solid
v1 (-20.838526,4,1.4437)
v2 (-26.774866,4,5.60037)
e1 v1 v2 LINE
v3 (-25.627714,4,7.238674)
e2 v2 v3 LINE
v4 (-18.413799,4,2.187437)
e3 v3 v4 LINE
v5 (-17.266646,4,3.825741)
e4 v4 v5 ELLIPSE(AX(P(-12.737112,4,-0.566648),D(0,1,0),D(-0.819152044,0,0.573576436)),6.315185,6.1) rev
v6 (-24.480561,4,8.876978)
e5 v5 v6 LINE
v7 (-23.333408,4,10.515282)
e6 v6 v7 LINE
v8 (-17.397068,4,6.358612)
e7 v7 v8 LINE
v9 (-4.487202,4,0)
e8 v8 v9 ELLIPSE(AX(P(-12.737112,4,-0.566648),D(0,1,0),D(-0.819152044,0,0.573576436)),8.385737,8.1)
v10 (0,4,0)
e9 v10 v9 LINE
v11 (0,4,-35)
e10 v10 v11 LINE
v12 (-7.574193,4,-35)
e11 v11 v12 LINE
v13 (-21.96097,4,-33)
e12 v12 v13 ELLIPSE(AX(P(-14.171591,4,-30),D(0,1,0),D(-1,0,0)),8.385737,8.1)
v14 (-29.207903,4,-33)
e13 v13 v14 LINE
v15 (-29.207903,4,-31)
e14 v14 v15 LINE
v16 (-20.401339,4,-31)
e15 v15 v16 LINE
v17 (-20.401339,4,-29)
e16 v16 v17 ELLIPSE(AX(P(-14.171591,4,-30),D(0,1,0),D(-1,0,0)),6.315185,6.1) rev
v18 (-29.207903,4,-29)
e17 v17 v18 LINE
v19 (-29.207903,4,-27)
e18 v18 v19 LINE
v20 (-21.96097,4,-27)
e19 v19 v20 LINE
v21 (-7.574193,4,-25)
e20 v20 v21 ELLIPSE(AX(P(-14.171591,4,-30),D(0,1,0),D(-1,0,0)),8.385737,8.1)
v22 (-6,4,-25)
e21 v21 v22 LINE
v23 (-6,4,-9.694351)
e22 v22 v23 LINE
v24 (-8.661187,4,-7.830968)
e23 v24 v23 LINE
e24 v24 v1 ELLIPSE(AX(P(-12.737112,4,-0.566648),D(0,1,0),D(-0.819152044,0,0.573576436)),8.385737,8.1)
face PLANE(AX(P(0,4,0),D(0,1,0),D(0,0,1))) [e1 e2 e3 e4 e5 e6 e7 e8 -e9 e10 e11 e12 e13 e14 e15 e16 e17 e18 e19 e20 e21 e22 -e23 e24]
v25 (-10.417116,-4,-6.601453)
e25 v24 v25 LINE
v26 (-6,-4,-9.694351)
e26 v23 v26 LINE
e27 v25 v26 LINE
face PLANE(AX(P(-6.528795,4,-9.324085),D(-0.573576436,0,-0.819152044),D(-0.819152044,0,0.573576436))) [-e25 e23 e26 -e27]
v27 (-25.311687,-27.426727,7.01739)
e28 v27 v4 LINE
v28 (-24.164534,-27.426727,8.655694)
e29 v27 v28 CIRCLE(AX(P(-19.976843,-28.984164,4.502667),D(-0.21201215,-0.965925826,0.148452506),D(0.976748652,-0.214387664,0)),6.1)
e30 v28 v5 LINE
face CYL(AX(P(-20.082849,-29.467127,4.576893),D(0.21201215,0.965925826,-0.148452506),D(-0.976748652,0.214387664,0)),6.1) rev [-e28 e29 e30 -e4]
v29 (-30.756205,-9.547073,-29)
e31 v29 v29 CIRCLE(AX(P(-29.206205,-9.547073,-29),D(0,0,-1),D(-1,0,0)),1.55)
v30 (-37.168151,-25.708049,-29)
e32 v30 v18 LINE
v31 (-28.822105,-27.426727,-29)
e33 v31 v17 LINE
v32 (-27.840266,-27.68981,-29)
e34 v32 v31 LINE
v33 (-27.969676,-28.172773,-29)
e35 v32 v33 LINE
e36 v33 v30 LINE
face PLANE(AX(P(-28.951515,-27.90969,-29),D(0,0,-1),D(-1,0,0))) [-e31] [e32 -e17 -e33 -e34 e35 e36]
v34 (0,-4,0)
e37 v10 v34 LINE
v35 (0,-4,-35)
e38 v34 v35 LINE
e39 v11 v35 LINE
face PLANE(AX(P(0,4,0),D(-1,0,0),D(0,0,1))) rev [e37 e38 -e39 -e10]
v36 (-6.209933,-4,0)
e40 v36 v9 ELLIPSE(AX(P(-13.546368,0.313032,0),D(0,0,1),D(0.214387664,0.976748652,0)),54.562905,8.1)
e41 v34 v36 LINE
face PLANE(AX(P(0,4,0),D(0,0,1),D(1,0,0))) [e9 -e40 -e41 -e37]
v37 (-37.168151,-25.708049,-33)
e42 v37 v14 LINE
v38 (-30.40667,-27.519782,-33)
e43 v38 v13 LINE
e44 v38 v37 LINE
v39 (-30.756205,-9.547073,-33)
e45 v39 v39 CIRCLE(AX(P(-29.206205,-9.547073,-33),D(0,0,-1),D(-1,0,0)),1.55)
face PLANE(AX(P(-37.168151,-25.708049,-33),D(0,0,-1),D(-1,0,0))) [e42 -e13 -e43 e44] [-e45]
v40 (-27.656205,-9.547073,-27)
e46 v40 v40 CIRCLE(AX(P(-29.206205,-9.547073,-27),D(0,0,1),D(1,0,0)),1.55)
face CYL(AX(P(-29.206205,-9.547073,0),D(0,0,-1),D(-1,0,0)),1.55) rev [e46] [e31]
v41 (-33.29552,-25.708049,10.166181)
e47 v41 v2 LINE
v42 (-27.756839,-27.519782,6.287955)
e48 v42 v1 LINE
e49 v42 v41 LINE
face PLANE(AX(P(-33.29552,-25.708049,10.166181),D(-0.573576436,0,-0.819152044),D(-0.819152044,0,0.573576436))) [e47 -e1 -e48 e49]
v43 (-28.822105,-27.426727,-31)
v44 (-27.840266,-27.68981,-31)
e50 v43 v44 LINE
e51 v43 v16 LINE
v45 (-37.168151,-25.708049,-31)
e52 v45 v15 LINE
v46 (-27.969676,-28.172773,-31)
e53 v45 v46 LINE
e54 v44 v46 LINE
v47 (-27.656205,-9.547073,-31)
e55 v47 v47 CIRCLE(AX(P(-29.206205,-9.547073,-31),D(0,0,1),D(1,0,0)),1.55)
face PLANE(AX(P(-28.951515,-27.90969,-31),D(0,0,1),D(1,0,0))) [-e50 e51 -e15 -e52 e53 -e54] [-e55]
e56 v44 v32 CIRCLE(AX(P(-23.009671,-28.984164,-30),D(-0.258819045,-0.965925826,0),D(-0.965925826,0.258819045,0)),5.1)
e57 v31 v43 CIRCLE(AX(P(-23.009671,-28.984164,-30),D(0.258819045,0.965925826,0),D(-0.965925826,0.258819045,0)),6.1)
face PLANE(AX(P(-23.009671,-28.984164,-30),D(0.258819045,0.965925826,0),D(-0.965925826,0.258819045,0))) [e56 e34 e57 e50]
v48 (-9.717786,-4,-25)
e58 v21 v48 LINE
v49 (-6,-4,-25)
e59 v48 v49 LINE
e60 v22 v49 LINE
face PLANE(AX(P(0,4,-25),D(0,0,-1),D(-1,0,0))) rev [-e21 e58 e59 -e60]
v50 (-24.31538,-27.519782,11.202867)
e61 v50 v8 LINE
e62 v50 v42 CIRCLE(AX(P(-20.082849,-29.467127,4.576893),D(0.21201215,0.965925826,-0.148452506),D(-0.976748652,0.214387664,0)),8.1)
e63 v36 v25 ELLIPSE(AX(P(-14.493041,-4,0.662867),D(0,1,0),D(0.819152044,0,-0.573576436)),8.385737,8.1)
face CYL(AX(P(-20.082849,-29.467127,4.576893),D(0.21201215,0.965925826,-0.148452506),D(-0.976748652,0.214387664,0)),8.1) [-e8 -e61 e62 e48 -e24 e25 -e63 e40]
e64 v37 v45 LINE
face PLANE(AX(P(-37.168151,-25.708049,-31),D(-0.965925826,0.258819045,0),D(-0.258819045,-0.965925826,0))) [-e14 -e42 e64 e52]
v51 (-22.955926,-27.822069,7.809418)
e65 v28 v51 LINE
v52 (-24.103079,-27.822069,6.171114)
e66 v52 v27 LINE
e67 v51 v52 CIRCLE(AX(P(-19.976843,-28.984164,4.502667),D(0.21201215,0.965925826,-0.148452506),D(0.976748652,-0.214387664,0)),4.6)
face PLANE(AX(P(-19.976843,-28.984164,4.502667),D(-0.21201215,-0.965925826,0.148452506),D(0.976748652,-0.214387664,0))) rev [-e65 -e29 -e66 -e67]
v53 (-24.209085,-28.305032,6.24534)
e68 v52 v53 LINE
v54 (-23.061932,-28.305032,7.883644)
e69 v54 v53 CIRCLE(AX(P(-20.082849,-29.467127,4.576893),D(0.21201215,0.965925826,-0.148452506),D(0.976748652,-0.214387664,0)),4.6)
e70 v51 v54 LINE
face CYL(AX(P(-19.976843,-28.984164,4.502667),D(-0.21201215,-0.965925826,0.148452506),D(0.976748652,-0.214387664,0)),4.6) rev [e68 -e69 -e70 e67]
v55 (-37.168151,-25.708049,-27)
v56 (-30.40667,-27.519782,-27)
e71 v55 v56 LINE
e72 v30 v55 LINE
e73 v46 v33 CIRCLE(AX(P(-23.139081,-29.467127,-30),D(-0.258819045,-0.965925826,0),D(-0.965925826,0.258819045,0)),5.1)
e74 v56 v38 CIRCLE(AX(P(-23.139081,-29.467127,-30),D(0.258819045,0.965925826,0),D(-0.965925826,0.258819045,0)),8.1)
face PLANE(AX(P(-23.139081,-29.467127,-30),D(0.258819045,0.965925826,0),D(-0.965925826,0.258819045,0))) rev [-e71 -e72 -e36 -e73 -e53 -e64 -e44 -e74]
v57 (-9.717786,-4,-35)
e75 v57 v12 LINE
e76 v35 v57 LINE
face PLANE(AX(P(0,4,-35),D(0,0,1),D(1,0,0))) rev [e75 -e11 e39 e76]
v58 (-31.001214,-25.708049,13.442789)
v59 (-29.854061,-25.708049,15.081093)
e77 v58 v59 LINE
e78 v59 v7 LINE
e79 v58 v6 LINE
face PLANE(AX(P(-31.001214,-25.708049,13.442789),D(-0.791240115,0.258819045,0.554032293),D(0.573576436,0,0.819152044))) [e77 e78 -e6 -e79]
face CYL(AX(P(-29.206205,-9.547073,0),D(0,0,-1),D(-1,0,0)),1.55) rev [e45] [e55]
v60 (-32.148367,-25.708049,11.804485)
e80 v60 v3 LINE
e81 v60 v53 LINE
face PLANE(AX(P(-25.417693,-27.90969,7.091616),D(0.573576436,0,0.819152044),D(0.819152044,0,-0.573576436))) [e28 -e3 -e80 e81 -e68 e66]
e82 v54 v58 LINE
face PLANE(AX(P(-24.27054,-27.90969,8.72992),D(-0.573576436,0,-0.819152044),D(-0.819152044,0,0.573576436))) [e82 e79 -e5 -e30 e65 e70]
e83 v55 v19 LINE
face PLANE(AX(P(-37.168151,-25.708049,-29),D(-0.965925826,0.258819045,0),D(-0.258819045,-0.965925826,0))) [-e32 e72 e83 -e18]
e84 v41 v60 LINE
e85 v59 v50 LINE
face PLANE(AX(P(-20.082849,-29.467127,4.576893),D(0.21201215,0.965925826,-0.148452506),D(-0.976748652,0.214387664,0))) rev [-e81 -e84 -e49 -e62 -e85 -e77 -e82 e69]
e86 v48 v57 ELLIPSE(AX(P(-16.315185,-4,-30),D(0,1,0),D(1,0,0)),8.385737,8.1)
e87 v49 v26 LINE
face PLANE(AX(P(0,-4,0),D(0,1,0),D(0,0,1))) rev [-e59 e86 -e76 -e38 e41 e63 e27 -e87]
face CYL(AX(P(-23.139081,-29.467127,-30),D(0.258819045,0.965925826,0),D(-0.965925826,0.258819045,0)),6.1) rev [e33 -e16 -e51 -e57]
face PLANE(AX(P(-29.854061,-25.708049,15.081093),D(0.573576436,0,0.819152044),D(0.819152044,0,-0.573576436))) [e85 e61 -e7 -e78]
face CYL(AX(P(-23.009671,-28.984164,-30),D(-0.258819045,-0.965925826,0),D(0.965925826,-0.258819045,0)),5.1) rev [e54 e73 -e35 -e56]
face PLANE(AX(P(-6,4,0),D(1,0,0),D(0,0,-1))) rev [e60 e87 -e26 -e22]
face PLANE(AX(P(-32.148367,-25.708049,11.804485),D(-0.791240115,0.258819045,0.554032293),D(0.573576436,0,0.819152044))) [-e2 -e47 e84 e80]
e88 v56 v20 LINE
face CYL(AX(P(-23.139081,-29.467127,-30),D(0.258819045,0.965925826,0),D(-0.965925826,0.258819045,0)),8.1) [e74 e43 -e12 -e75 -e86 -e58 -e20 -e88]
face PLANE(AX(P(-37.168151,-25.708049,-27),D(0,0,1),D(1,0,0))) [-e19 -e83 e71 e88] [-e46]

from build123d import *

# Parameters (mm, degrees)
BOSS_EXTRUDE1_DEPTH             = 4
CUT_EXTRUDE2_DEPTH              = 10
BOSS_EXTRUDE2_REACH             = 59.846
BOSS_EXTRUDE2_DIRECTION_2_DEPTH = 28
CUT_EXTRUDE3_DEPTH              = 61.022744116
CUT_EXTRUDE3_DEPTH_BACK         = 61.022744116
SKETCH5_R                       = 1.55
BOSS_EXTRUDE3_DEPTH             = 0.5
CUT_EXTRUDE4_DEPTH              = 53.565024349
BOSS_EXTRUDE4_REACH             = 61.205
BOSS_EXTRUDE4_DIRECTION_2_DEPTH = 28
BOSS_EXTRUDE5_DEPTH             = 0.5


with BuildPart() as part:
    # Sketch1 → Boss-Extrude1 (new, symmetric)
    with BuildSketch(Plane(origin=(0, 0, 0), x_dir=(0, 0, -1), z_dir=(0, 1, 0))):
        Polygon((0, 7.247768223), (0, 0), (35, 0), (35, 10), (25, 10), (25, 6), (9.694351386, 6), (5.918748122, 11.392120275), align=None)
    extrude(amount=BOSS_EXTRUDE1_DEPTH, both=True)

    # Sketch4 → Cut-Extrude2 (cut)
    with BuildSketch(Plane(origin=(0, 0, -35), x_dir=(-1, 0, 0), z_dir=(0, 0, -1))):
        Polygon((10, 4), (7.856406461, 4), (10, -4), align=None)
    extrude(amount=-CUT_EXTRUDE2_DEPTH, mode=Mode.SUBTRACT)

    # Boss-Extrude2: up to this plane
    boss_extrude2_end = Plane(origin=(0, 4, 0), z_dir=(0, 1, 0))
    # Sketch2 → Boss-Extrude2 (add, up to the surface)
    with BuildSketch(Plane(origin=(2.479828187, -7.343959884, 20), x_dir=(-0.96592582628907, 0.25881904510251447, 0), z_dir=(0.25881904510251447, 0.96592582628907, 0)), mode=Mode.PRIVATE) as boss_extrude2_sk1:
        with BuildLine():
            Line((25.037543411, -49), (33.54403058, -49))
            Line((33.54403058, -49), (33.54403058, -47))
            Line((33.54403058, -47), (26.54403058, -47))
            ThreePointArc((26.54403058, -47), (10.920068858, -50), (26.54403058, -53))
            Line((26.54403058, -53), (33.54403058, -53))
            Line((33.54403058, -53), (33.54403058, -51))
            Line((33.54403058, -51), (25.037543411, -51))
            ThreePointArc((25.037543411, -51), (12.920068858, -50), (25.037543411, -49))
        make_face()
    boss_extrude2_tool1 = split(extrude(boss_extrude2_sk1.sketch, amount=BOSS_EXTRUDE2_REACH, mode=Mode.PRIVATE), bisect_by=boss_extrude2_end, keep=Keep.BOTH, mode=Mode.PRIVATE)
    add(boss_extrude2_tool1.solids().sort_by_distance((-25.812899, 0.237054, -28.72174))[0])

    # Sketch2 → Boss-Extrude2 direction 2 (add)
    with BuildSketch(Plane(origin=(2.479828187, -7.343959884, 20), x_dir=(-0.96592582628907, 0.25881904510251447, 0), z_dir=(0.25881904510251447, 0.96592582628907, 0))):
        with BuildLine():
            Line((25.037543411, -49), (33.54403058, -49))
            Line((33.54403058, -49), (33.54403058, -47))
            Line((33.54403058, -47), (26.54403058, -47))
            ThreePointArc((26.54403058, -47), (10.920068858, -50), (26.54403058, -53))
            Line((26.54403058, -53), (33.54403058, -53))
            Line((33.54403058, -53), (33.54403058, -51))
            Line((33.54403058, -51), (25.037543411, -51))
            ThreePointArc((25.037543411, -51), (12.920068858, -50), (25.037543411, -49))
        make_face()
    extrude(amount=-BOSS_EXTRUDE2_DIRECTION_2_DEPTH)

    # Sketch5 → Cut-Extrude3 (cut, two sides: drawn at the far end of the back side and taken through both)
    with BuildSketch(Plane(origin=(0, 0, -35), x_dir=(-1, 0, 0), z_dir=(0, 0, -1)).offset(-CUT_EXTRUDE3_DEPTH_BACK)):
        with Locations((29.206205162, -9.547072736)):
            Circle(SKETCH5_R)
    extrude(amount=CUT_EXTRUDE3_DEPTH + CUT_EXTRUDE3_DEPTH_BACK, mode=Mode.SUBTRACT)

    # Sketch7 → Boss-Extrude3 (add)
    with BuildSketch(Plane(origin=(-8.916806244, -33.277973944, 0), x_dir=(-0.96592582628907, 0.2588190451025145, 0), z_dir=(0.2588190451025145, 0.96592582628907, 0))):
        with BuildLine():
            Line((20.944110699, -29), (19.724981983, -29))
            ThreePointArc((19.724981983, -29), (9.623982082, -30), (19.724981983, -31))
            Line((19.724981983, -31), (20.944110699, -31))
            ThreePointArc((20.944110699, -31), (8.423982082, -30), (20.944110699, -29))
        make_face()
    extrude(amount=BOSS_EXTRUDE3_DEPTH)

    # Sketch8 → Cut-Extrude4 (cut, through all)
    with BuildSketch(Plane(origin=(-6.5287948, 0, -9.32408528), x_dir=(-0.819152044288991, 0, 0.5735764363510473), z_dir=(-0.5735764363510473, 0, -0.819152044288991))):
        Polygon((5.937024156, 4), (5.937024156, -4), (3.793430617, 4), align=None)
    extrude(amount=-CUT_EXTRUDE4_DEPTH, mode=Mode.SUBTRACT)

    # Boss-Extrude4: up to this plane
    boss_extrude4_end = Plane(origin=(0, 4, 0), z_dir=(0, 1, 0))
    # Sketch9 → Boss-Extrude4 (add, up to the surface)
    with BuildSketch(Plane(origin=(-1.144933078, -5.216306847, 0.801690772), x_dir=(-0.5735764363510472, 0, -0.819152044288991), z_dir=(0.21201214989664938, 0.96592582628907, -0.14845250554968126)), mode=Mode.PRIVATE) as boss_extrude4_sk1:
        with BuildLine():
            Line((6.769877721, 16.816923337), (6.769877721, 25.323410506))
            Line((6.769877721, 25.323410506), (4.769877721, 25.323410506))
            Line((4.769877721, 25.323410506), (4.769877721, 18.323410506))
            ThreePointArc((4.769877721, 18.323410506), (7.769877721, 2.699448783), (10.769877721, 18.323410506))
            Line((10.769877721, 18.323410506), (10.769877721, 25.323410506))
            Line((10.769877721, 25.323410506), (8.769877721, 25.323410506))
            Line((8.769877721, 25.323410506), (8.769877721, 16.816923337))
            ThreePointArc((8.769877721, 16.816923337), (7.769877721, 4.699448783), (6.769877721, 16.816923337))
        make_face()
    boss_extrude4_tool1 = split(extrude(boss_extrude4_sk1.sketch, amount=BOSS_EXTRUDE4_REACH, mode=Mode.PRIVATE), bisect_by=boss_extrude4_end, keep=Keep.BOTH, mode=Mode.PRIVATE)
    add(boss_extrude4_tool1.solids().sort_by_distance((-21.539934, 0.237054, 7.157621))[0])

    # Sketch9 → Boss-Extrude4 direction 2 (add)
    with BuildSketch(Plane(origin=(-1.144933078, -5.216306847, 0.801690772), x_dir=(-0.5735764363510472, 0, -0.819152044288991), z_dir=(0.21201214989664938, 0.96592582628907, -0.14845250554968126))):
        with BuildLine():
            Line((6.769877721, 16.816923337), (6.769877721, 25.323410506))
            Line((6.769877721, 25.323410506), (4.769877721, 25.323410506))
            Line((4.769877721, 25.323410506), (4.769877721, 18.323410506))
            ThreePointArc((4.769877721, 18.323410506), (7.769877721, 2.699448783), (10.769877721, 18.323410506))
            Line((10.769877721, 18.323410506), (10.769877721, 25.323410506))
            Line((10.769877721, 25.323410506), (8.769877721, 25.323410506))
            Line((8.769877721, 25.323410506), (8.769877721, 16.816923337))
            ThreePointArc((8.769877721, 16.816923337), (7.769877721, 4.699448783), (6.769877721, 16.816923337))
        make_face()
    extrude(amount=-BOSS_EXTRUDE4_DIRECTION_2_DEPTH)

    # Sketch10 → Boss-Extrude5 (add)
    with BuildSketch(Plane(origin=(-7.081273275, -32.262229983, 4.958360927), x_dir=(0.9766546875566917, -0.2147970934280116, -0.0027982009254068387), z_dir=(-0.21201214989664938, -0.96592582628907, 0.14845250554968126))):
        with BuildLine():
            Line((-16.465765356, 2.911480582), (-17.901629513, 3.876715105))
            ThreePointArc((-17.901629513, 3.876715105), (-8.068915493, -3.938101309), (-19.017417439, 2.216890625))
            Line((-19.017417439, 2.216890625), (-17.581553282, 1.251656102))
            ThreePointArc((-17.581553282, 1.251656102), (-9.479766301, -2.989681571), (-16.465765356, 2.911480582))
        make_face()
    extrude(amount=-BOSS_EXTRUDE5_DEPTH)


solid = part.part
